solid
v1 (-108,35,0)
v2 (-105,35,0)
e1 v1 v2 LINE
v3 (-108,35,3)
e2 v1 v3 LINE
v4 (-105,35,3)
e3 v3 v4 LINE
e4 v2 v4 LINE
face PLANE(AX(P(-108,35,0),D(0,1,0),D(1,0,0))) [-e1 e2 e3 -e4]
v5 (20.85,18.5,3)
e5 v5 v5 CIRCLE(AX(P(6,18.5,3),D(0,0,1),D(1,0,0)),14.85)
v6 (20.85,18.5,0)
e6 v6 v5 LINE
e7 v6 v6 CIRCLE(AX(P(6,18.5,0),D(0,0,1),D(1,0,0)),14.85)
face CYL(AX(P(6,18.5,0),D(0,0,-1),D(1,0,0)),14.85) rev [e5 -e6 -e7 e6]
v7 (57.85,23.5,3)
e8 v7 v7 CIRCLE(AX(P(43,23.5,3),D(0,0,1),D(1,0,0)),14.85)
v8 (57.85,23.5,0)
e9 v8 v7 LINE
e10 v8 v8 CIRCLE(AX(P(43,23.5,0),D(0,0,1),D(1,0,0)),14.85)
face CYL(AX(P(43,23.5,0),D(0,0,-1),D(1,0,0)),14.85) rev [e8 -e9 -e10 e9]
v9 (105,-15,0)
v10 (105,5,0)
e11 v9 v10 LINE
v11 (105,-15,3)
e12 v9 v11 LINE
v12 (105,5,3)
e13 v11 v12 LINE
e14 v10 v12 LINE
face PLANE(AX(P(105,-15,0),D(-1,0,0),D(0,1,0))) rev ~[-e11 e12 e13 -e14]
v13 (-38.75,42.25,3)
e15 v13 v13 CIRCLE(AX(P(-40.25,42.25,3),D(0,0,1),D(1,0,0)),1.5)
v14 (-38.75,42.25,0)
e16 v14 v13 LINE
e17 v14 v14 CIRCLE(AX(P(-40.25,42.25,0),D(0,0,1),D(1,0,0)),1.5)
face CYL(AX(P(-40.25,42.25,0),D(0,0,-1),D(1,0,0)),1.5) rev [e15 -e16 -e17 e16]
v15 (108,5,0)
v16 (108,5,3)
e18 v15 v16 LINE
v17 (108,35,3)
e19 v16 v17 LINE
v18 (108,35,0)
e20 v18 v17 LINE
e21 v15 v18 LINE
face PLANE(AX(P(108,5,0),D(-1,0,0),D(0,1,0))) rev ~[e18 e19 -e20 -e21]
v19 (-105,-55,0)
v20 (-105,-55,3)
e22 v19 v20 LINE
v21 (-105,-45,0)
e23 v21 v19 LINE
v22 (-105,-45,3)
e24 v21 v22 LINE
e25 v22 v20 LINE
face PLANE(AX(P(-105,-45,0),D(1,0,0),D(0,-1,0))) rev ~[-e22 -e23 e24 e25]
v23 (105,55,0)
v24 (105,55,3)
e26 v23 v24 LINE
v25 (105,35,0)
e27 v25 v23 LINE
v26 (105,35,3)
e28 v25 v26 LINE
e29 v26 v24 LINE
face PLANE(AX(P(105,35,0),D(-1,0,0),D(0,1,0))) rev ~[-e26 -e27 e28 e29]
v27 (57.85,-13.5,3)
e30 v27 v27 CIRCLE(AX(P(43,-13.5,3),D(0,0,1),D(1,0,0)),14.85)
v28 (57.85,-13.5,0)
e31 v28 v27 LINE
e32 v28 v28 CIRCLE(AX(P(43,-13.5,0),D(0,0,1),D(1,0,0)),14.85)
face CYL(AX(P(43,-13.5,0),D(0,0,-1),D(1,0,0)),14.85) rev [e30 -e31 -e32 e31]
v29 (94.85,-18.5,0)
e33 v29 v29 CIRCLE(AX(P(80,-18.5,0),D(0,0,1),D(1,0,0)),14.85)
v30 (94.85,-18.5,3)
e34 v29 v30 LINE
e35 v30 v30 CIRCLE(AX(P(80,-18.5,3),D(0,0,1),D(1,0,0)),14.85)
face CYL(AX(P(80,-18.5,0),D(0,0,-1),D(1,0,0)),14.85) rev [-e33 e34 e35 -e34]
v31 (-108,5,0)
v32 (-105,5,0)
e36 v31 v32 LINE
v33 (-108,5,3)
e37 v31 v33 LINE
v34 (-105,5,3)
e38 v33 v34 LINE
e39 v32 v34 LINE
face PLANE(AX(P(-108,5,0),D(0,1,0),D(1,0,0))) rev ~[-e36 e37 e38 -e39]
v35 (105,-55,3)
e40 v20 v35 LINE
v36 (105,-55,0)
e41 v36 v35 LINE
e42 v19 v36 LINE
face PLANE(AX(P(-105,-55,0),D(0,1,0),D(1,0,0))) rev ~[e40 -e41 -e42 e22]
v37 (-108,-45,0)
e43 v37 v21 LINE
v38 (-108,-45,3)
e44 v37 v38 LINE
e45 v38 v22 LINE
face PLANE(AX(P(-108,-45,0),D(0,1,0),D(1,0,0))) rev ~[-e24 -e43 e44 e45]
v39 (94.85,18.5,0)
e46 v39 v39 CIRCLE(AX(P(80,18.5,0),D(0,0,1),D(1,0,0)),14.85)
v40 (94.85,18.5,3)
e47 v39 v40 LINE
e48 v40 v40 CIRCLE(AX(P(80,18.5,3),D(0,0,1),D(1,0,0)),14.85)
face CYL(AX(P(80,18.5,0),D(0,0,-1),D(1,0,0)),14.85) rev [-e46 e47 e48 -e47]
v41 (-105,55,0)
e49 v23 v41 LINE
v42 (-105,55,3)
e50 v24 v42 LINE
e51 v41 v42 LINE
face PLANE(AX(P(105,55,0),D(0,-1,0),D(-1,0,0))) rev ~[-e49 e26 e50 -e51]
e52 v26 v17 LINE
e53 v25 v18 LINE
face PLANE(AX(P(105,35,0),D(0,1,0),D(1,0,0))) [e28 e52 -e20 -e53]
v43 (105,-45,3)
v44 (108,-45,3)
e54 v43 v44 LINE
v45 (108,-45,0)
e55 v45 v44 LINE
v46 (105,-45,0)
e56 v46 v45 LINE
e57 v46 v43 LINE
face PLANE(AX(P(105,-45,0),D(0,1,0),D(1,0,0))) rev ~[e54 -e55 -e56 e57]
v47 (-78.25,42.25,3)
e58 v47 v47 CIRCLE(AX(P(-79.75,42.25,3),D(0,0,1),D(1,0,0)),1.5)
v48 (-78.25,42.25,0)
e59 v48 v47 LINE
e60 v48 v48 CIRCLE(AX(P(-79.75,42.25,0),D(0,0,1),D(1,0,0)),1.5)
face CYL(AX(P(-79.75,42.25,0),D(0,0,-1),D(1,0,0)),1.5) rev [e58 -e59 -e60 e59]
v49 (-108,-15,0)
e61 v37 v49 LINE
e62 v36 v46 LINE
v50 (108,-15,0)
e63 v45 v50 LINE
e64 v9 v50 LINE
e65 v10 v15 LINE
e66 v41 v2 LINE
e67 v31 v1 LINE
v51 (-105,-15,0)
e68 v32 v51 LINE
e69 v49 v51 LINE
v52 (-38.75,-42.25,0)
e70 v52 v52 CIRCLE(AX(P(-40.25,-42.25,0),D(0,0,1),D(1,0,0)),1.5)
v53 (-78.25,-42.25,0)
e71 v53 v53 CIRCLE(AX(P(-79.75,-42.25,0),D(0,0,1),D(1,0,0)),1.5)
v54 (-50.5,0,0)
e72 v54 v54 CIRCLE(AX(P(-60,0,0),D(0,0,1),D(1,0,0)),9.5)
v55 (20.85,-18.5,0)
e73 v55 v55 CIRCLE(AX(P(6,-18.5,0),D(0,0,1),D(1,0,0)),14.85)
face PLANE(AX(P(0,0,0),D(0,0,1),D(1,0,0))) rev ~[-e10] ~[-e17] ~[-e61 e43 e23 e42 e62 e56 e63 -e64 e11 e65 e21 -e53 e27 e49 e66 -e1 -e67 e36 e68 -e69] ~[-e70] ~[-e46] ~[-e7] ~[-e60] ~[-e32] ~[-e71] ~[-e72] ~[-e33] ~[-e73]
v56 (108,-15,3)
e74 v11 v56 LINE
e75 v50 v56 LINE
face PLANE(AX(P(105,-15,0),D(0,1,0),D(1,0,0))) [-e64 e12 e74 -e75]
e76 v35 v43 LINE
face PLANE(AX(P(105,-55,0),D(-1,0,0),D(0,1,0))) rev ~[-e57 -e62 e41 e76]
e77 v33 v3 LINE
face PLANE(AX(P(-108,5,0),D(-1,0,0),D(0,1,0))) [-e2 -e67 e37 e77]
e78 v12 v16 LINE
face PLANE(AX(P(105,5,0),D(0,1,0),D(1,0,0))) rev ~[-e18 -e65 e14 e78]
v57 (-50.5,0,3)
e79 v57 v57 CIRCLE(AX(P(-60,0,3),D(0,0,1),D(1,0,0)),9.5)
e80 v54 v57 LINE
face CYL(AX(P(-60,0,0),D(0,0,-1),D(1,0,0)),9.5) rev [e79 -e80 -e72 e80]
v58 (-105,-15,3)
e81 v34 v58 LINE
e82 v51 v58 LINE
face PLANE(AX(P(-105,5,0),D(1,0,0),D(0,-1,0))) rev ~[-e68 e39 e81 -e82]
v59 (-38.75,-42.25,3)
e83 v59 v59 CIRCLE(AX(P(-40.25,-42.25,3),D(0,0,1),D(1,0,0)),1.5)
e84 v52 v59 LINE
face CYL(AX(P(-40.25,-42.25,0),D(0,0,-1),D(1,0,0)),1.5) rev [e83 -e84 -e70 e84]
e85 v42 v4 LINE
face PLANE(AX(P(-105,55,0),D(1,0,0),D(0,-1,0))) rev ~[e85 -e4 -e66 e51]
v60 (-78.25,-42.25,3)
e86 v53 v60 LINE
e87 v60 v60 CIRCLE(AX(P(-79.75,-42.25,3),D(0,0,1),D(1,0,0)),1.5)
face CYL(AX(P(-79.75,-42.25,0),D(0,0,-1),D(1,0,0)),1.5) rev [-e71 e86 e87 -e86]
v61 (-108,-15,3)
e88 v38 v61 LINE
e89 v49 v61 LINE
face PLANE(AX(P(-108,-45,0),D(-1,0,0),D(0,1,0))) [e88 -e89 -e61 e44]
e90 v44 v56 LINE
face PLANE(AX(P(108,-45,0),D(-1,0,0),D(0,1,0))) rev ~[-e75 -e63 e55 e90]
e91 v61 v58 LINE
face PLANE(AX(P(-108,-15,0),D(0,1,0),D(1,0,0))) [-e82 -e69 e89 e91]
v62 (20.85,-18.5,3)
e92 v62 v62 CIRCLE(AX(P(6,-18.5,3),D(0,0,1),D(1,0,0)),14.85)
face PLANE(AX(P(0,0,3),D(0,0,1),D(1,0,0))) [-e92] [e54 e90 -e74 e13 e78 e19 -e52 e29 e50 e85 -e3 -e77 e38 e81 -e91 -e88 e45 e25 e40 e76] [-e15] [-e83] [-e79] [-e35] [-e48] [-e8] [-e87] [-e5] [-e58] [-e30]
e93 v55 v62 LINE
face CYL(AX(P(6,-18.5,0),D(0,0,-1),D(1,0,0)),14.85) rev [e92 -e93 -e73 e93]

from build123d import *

# Parameters (mm, degrees)
F0_R     = 1.5
F0_R_2   = 14.85
F0_R_3   = 9.5
F0_W     = 3
F0_H     = 30
F1_DEPTH = 3


with BuildPart() as f1:
    # F0 (on Top) → F1 (new body)
    with BuildSketch(Plane.XY):
        Polygon((105, 55), (-105, 55), (-105, 35), (-105, 5), (-105, -15), (-105, -45), (-105, -55), (105, -55), (105, -45), (105, -15), (105, 5), (105, 35), align=None)
        with Locations((-79.75, -42.25)):
            Circle(F0_R, mode=Mode.SUBTRACT)
        with Locations((-40.25, -42.25)):
            Circle(F0_R, mode=Mode.SUBTRACT)
        with Locations((6, -18.5)):
            Circle(F0_R_2, mode=Mode.SUBTRACT)
        with Locations((43, -13.5)):
            Circle(F0_R_2, mode=Mode.SUBTRACT)
        with Locations((80, -18.5)):
            Circle(F0_R_2, mode=Mode.SUBTRACT)
        with Locations((-60, 0)):
            Circle(F0_R_3, mode=Mode.SUBTRACT)
        with Locations((-79.75, 42.25)):
            Circle(F0_R, mode=Mode.SUBTRACT)
        with Locations((-40.25, 42.25)):
            Circle(F0_R, mode=Mode.SUBTRACT)
        with Locations((6, 18.5)):
            Circle(F0_R_2, mode=Mode.SUBTRACT)
        with Locations((43, 23.5)):
            Circle(F0_R_2, mode=Mode.SUBTRACT)
        with Locations((80, 18.5)):
            Circle(F0_R_2, mode=Mode.SUBTRACT)
        with Locations((-106.5, 20)):
            Rectangle(F0_W, F0_H)
        with Locations((106.5, 20)):
            Rectangle(F0_W, F0_H)
        with Locations((-106.5, -30)):
            Rectangle(F0_W, F0_H)
        with Locations((106.5, -30)):
            Rectangle(F0_W, F0_H)
    extrude(amount=F1_DEPTH)


solid = f1.part
